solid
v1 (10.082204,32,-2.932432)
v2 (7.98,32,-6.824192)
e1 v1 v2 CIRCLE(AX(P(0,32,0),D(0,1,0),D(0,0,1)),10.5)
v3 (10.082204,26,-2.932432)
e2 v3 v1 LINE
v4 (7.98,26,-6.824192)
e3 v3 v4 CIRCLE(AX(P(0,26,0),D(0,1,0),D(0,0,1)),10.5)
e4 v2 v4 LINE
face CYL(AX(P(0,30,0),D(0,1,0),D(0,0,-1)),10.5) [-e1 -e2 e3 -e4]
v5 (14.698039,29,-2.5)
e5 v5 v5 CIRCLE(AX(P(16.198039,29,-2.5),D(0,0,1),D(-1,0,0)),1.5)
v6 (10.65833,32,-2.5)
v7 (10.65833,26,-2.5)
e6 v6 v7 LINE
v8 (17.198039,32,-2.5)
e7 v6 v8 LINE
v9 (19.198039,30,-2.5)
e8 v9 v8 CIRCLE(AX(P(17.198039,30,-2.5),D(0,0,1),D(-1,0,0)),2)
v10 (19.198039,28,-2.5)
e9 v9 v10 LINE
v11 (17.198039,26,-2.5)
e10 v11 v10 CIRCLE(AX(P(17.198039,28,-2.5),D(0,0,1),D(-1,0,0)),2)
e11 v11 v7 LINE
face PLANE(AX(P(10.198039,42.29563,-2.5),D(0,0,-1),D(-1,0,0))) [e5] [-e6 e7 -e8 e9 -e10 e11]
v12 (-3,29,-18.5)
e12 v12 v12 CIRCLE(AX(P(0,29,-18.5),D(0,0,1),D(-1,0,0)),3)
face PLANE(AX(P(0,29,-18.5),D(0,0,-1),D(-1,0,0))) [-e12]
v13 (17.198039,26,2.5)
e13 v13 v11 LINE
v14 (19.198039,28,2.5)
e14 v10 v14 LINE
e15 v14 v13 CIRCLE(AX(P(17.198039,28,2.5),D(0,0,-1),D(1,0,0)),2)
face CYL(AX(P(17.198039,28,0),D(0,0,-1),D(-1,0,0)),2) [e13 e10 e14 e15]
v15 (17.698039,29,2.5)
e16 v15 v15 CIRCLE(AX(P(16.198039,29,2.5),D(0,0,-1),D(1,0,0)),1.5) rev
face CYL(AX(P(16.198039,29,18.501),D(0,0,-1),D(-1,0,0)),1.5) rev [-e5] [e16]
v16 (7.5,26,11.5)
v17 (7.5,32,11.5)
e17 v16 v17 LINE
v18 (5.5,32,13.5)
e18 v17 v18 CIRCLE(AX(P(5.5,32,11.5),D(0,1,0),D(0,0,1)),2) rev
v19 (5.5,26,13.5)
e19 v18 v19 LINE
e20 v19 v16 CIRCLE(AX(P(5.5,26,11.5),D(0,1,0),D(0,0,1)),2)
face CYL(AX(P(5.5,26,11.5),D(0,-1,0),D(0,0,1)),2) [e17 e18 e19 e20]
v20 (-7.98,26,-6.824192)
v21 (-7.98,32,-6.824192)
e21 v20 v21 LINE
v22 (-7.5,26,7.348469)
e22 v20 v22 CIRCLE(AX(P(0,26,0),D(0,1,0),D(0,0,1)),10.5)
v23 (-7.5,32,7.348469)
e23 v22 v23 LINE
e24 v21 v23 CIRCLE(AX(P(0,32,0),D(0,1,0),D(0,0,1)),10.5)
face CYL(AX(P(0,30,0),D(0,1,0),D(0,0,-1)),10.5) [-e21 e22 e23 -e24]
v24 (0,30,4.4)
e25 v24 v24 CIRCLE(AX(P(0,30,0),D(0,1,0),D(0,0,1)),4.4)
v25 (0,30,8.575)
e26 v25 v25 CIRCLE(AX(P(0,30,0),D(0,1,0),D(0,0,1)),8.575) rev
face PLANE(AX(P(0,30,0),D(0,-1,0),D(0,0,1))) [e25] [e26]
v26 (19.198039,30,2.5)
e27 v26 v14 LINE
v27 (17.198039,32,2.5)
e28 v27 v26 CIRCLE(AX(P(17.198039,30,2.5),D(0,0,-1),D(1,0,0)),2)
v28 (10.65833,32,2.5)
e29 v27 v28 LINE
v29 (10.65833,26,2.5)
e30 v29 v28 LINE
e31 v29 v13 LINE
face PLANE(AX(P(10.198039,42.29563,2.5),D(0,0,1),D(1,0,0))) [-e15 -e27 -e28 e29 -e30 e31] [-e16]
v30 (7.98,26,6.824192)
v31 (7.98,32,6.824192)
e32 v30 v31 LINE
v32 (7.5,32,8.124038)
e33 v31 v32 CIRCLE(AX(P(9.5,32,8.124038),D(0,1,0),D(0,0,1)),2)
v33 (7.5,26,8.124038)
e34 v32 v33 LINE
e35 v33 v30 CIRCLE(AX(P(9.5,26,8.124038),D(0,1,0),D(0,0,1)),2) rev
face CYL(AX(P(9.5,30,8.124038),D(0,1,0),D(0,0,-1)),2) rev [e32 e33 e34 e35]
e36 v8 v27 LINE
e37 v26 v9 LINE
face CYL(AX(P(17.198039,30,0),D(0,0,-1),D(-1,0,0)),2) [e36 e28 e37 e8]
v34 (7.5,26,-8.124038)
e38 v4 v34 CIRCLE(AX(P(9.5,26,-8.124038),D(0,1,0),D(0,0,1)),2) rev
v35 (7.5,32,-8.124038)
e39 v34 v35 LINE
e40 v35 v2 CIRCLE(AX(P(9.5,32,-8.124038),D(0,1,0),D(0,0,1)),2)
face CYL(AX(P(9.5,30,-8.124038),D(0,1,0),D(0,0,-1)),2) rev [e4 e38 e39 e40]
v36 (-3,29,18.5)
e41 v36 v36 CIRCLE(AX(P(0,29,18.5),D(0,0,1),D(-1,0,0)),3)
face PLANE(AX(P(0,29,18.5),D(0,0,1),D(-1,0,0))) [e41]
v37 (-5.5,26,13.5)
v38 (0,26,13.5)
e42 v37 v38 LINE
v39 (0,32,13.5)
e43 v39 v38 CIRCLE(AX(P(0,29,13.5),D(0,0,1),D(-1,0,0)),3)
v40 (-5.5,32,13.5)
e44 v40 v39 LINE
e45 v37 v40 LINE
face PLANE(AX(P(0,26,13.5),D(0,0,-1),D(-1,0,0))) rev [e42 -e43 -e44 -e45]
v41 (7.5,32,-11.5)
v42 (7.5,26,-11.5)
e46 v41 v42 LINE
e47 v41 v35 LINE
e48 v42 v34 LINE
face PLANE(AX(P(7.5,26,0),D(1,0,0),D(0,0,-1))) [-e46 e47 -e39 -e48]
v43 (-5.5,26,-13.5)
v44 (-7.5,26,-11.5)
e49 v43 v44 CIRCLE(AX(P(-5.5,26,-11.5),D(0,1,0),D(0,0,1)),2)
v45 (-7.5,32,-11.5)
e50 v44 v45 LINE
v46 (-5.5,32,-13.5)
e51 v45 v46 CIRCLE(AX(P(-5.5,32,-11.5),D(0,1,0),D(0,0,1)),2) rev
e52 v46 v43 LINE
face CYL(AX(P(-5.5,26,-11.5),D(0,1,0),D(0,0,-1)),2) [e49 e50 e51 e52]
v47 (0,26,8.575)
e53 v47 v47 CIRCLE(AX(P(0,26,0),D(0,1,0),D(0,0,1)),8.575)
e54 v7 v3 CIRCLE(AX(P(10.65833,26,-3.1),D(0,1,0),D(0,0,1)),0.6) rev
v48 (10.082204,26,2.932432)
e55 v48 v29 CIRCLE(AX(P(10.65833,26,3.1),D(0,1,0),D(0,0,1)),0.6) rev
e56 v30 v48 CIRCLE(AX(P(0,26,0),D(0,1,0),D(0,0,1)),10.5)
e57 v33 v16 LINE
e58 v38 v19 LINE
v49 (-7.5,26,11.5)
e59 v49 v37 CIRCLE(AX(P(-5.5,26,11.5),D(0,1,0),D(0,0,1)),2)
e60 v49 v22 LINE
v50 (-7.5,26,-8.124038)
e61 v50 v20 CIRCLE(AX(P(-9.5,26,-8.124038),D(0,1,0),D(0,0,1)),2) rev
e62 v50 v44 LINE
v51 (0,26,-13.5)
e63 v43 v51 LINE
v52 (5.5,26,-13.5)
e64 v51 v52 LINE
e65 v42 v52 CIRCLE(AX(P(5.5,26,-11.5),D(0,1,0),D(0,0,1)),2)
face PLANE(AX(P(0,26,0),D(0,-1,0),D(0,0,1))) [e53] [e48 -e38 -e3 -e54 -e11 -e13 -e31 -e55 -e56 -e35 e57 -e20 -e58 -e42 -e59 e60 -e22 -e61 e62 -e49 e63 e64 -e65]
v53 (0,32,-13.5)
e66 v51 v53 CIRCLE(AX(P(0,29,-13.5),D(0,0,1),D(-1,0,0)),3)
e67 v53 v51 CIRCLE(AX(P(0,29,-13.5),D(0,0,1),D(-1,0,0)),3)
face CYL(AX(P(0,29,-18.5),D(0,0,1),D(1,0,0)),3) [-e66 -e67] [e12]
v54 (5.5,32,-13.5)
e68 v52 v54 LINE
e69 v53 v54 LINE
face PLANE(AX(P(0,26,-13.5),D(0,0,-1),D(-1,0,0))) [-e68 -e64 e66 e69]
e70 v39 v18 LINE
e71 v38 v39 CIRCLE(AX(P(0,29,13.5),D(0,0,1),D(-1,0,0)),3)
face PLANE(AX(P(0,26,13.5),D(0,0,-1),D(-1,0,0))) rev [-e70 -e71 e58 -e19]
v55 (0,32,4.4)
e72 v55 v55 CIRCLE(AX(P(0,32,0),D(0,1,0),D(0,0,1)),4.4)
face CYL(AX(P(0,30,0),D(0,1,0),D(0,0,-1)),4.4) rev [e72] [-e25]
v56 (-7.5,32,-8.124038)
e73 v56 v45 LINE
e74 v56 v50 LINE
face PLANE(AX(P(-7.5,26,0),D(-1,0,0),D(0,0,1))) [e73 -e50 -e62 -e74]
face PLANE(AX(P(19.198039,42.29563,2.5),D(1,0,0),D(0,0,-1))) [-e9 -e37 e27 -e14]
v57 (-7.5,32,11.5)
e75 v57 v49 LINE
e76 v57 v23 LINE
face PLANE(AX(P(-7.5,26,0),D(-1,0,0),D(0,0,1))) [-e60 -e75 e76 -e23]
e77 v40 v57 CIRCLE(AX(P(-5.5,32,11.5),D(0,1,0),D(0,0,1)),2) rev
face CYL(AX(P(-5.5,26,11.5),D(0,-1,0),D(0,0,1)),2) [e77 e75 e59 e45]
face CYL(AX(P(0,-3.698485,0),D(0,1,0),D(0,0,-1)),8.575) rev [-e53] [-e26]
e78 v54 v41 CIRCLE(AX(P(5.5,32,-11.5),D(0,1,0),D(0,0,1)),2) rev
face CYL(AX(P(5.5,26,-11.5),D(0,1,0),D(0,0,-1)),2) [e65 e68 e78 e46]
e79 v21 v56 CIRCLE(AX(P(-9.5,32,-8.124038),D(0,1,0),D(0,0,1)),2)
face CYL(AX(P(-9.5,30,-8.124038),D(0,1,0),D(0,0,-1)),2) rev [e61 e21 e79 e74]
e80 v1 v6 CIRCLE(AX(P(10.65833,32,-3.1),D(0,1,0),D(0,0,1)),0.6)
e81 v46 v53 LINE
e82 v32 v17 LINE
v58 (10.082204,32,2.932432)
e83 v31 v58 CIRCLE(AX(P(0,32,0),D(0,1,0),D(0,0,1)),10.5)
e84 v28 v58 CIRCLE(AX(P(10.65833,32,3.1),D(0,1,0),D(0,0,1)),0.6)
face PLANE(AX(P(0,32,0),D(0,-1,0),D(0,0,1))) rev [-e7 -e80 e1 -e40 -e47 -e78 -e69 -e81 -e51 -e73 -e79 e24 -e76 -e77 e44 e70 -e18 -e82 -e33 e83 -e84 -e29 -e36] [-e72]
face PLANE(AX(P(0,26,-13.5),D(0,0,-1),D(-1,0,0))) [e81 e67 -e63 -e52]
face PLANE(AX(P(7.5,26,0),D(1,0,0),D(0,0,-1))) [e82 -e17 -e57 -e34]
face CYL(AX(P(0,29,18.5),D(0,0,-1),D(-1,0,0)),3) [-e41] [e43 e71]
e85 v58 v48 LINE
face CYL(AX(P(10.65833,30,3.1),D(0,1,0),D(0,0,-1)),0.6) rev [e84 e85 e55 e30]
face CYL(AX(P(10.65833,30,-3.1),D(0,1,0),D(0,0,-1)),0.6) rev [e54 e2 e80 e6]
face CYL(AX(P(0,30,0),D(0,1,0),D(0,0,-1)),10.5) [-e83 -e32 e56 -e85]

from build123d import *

# Parameters (mm, degrees)
BOSS_EXTRUDE1_DEPTH   = 6
BOSS_EXTRUDE1_2_DEPTH = 6
SKETCH1_3_R           = 10.5
SKETCH1_3_R_2         = 4.4
BOSS_EXTRUDE2_DEPTH   = 2
SKETCH2_R             = 8.575
BOSS_EXTRUDE3_DEPTH   = 4
SKETCH3_R             = 3
BOSS_EXTRUDE4_DEPTH   = 5
BOSS_EXTRUDE5_START   = -6
BOSS_EXTRUDE5_DEPTH   = 6
CUT_EXTRUDE1_REACH    = 31.079
SKETCH5_R             = 1.5
FILLET1_R             = 2
FILLET2_R             = 0.6


with BuildPart() as part:
    # Sketch1 → Boss-Extrude1 (new body)
    with BuildSketch(Plane(origin=(0, 0, 0), x_dir=(1, 0, 0), z_dir=(0, 1, 0))):
        with BuildLine():
            Line((-7.5, 13.5), (-7.5, 7.348469228))
            ThreePointArc((-7.5, 7.348469228), (0, 10.5), (7.5, 7.348469228))
            Line((7.5, 7.348469228), (7.5, 13.5))
            Line((7.5, 13.5), (-7.5, 13.5))
        make_face()
    extrude(amount=BOSS_EXTRUDE1_DEPTH)



with BuildPart() as body_2:
    # Sketch1 → Boss-Extrude1 2 (new body)
    with BuildSketch(Plane(origin=(0, 0, 0), x_dir=(1, 0, 0), z_dir=(0, 1, 0))):
        with BuildLine():
            ThreePointArc((7.5, -7.348469228), (0, -10.5), (-7.5, -7.348469228))
            Line((-7.5, -7.348469228), (-7.5, -13.5))
            Line((-7.5, -13.5), (7.5, -13.5))
            Line((7.5, -13.5), (7.5, -7.348469228))
        make_face()
    extrude(amount=BOSS_EXTRUDE1_2_DEPTH)


with BuildPart() as part_1:
    add(part.part)

    add(body_2.part)  # Boss-Extrude2 merges body 2
    # Sketch1<3> → Boss-Extrude2 (add)
    with BuildSketch(Plane(origin=(0, 0, 0), x_dir=(1, 0, 0), z_dir=(0, 1, 0))):
        Circle(SKETCH1_3_R)
        with Locations(Location((0, 0, 0), (0, 0, 270))):
            Circle(SKETCH1_3_R_2, mode=Mode.SUBTRACT)
    extrude(amount=BOSS_EXTRUDE2_DEPTH)

    # Sketch2 → Boss-Extrude3 (add)
    with BuildSketch(Plane(origin=(0, 2, 0), x_dir=(1, 0, 0), z_dir=(0, 1, 0))):
        with BuildLine():
            ThreePointArc((7.5, 7.348469228), (0, 10.5), (-7.5, 7.348469228))
            ThreePointArc((-7.5, 7.348469228), (-10.5, 0), (-7.5, -7.348469228))
            ThreePointArc((-7.5, -7.348469228), (0, -10.5), (7.5, -7.348469228))
            ThreePointArc((7.5, -7.348469228), (10.5, 0), (7.5, 7.348469228))
        make_face()
        with Locations(Location((0, 0, 0), (0, 0, 270))):
            Circle(SKETCH2_R, mode=Mode.SUBTRACT)
    extrude(amount=BOSS_EXTRUDE3_DEPTH)

    # Sketch3 → Boss-Extrude4 (add)
    with BuildSketch(Plane(origin=(0, 0, -13.5), x_dir=(-1, 0, 0), z_dir=(0, 0, -1))):
        with Locations(Location((0, 3, 0), (0, 0, 270))):
            Circle(SKETCH3_R)
    boss_extrude4 = extrude(amount=BOSS_EXTRUDE4_DEPTH)

    # Mirror1: Boss-Extrude4 across plane
    add(boss_extrude4.mirror(Plane.XY))

    # Sketch4 → Boss-Extrude5 (add)
    with BuildSketch(Plane(origin=(0, 6, 0), x_dir=(1, 0, 0), z_dir=(0, 1, 0)).offset(BOSS_EXTRUDE5_START)):
        with BuildLine():
            Line((10.198039027, -2.5), (19.198039027, -2.5))
            Line((19.198039027, -2.5), (19.198039027, 2.5))
            Line((19.198039027, 2.5), (10.198039027, 2.5))
            ThreePointArc((10.198039027, 2.5), (10.5, 0), (10.198039027, -2.5))
        make_face()
    extrude(amount=BOSS_EXTRUDE5_DEPTH)

    # Sketch5 → Cut-Extrude1 (cut, up to next)
    with BuildSketch(Plane(origin=(0, 0, -2.5), x_dir=(-1, 0, 0), z_dir=(0, 0, -1)), mode=Mode.PRIVATE) as cut_extrude1_sk1:
        with Locations((-16.198039027, 3)):
            Circle(SKETCH5_R)
    cut_extrude1_tool1 = extrude(cut_extrude1_sk1.sketch, amount=-CUT_EXTRUDE1_REACH, mode=Mode.PRIVATE) & part_1.part
    add(cut_extrude1_tool1.solids().sort_by_distance((16.198039, 3, -2.5))[0], mode=Mode.SUBTRACT)

    # Fillet1
    fillet1_edges = [part_1.edges().sort_by_distance(p)[0] for p in [
        (7.5, 3, 7.348469228),
        (-7.5, 3, 13.5),
        (7.5, 3, 13.5),
        (19.198039027, 6, 0),
        (19.198039027, 0, 0),
        (-7.5, 3, -7.348469228),
        (-7.5, 3, -13.5),
        (7.5, 3, -13.5),
        (7.5, 3, -7.348469228),
    ]]
    fillet(fillet1_edges, radius=FILLET1_R)

    # Fillet2
    fillet2_edges = [part_1.edges().sort_by_distance(p)[0] for p in [
        (10.198039027, 3, 2.5),
        (10.198039027, 3, -2.5),
    ]]
    fillet(fillet2_edges, radius=FILLET2_R)


with BuildPart() as body_2_2:
    # Mirror3: mirrored copy
    add(part_1.part.mirror(Plane.ZX.offset(16)))


solid = body_2_2.part
